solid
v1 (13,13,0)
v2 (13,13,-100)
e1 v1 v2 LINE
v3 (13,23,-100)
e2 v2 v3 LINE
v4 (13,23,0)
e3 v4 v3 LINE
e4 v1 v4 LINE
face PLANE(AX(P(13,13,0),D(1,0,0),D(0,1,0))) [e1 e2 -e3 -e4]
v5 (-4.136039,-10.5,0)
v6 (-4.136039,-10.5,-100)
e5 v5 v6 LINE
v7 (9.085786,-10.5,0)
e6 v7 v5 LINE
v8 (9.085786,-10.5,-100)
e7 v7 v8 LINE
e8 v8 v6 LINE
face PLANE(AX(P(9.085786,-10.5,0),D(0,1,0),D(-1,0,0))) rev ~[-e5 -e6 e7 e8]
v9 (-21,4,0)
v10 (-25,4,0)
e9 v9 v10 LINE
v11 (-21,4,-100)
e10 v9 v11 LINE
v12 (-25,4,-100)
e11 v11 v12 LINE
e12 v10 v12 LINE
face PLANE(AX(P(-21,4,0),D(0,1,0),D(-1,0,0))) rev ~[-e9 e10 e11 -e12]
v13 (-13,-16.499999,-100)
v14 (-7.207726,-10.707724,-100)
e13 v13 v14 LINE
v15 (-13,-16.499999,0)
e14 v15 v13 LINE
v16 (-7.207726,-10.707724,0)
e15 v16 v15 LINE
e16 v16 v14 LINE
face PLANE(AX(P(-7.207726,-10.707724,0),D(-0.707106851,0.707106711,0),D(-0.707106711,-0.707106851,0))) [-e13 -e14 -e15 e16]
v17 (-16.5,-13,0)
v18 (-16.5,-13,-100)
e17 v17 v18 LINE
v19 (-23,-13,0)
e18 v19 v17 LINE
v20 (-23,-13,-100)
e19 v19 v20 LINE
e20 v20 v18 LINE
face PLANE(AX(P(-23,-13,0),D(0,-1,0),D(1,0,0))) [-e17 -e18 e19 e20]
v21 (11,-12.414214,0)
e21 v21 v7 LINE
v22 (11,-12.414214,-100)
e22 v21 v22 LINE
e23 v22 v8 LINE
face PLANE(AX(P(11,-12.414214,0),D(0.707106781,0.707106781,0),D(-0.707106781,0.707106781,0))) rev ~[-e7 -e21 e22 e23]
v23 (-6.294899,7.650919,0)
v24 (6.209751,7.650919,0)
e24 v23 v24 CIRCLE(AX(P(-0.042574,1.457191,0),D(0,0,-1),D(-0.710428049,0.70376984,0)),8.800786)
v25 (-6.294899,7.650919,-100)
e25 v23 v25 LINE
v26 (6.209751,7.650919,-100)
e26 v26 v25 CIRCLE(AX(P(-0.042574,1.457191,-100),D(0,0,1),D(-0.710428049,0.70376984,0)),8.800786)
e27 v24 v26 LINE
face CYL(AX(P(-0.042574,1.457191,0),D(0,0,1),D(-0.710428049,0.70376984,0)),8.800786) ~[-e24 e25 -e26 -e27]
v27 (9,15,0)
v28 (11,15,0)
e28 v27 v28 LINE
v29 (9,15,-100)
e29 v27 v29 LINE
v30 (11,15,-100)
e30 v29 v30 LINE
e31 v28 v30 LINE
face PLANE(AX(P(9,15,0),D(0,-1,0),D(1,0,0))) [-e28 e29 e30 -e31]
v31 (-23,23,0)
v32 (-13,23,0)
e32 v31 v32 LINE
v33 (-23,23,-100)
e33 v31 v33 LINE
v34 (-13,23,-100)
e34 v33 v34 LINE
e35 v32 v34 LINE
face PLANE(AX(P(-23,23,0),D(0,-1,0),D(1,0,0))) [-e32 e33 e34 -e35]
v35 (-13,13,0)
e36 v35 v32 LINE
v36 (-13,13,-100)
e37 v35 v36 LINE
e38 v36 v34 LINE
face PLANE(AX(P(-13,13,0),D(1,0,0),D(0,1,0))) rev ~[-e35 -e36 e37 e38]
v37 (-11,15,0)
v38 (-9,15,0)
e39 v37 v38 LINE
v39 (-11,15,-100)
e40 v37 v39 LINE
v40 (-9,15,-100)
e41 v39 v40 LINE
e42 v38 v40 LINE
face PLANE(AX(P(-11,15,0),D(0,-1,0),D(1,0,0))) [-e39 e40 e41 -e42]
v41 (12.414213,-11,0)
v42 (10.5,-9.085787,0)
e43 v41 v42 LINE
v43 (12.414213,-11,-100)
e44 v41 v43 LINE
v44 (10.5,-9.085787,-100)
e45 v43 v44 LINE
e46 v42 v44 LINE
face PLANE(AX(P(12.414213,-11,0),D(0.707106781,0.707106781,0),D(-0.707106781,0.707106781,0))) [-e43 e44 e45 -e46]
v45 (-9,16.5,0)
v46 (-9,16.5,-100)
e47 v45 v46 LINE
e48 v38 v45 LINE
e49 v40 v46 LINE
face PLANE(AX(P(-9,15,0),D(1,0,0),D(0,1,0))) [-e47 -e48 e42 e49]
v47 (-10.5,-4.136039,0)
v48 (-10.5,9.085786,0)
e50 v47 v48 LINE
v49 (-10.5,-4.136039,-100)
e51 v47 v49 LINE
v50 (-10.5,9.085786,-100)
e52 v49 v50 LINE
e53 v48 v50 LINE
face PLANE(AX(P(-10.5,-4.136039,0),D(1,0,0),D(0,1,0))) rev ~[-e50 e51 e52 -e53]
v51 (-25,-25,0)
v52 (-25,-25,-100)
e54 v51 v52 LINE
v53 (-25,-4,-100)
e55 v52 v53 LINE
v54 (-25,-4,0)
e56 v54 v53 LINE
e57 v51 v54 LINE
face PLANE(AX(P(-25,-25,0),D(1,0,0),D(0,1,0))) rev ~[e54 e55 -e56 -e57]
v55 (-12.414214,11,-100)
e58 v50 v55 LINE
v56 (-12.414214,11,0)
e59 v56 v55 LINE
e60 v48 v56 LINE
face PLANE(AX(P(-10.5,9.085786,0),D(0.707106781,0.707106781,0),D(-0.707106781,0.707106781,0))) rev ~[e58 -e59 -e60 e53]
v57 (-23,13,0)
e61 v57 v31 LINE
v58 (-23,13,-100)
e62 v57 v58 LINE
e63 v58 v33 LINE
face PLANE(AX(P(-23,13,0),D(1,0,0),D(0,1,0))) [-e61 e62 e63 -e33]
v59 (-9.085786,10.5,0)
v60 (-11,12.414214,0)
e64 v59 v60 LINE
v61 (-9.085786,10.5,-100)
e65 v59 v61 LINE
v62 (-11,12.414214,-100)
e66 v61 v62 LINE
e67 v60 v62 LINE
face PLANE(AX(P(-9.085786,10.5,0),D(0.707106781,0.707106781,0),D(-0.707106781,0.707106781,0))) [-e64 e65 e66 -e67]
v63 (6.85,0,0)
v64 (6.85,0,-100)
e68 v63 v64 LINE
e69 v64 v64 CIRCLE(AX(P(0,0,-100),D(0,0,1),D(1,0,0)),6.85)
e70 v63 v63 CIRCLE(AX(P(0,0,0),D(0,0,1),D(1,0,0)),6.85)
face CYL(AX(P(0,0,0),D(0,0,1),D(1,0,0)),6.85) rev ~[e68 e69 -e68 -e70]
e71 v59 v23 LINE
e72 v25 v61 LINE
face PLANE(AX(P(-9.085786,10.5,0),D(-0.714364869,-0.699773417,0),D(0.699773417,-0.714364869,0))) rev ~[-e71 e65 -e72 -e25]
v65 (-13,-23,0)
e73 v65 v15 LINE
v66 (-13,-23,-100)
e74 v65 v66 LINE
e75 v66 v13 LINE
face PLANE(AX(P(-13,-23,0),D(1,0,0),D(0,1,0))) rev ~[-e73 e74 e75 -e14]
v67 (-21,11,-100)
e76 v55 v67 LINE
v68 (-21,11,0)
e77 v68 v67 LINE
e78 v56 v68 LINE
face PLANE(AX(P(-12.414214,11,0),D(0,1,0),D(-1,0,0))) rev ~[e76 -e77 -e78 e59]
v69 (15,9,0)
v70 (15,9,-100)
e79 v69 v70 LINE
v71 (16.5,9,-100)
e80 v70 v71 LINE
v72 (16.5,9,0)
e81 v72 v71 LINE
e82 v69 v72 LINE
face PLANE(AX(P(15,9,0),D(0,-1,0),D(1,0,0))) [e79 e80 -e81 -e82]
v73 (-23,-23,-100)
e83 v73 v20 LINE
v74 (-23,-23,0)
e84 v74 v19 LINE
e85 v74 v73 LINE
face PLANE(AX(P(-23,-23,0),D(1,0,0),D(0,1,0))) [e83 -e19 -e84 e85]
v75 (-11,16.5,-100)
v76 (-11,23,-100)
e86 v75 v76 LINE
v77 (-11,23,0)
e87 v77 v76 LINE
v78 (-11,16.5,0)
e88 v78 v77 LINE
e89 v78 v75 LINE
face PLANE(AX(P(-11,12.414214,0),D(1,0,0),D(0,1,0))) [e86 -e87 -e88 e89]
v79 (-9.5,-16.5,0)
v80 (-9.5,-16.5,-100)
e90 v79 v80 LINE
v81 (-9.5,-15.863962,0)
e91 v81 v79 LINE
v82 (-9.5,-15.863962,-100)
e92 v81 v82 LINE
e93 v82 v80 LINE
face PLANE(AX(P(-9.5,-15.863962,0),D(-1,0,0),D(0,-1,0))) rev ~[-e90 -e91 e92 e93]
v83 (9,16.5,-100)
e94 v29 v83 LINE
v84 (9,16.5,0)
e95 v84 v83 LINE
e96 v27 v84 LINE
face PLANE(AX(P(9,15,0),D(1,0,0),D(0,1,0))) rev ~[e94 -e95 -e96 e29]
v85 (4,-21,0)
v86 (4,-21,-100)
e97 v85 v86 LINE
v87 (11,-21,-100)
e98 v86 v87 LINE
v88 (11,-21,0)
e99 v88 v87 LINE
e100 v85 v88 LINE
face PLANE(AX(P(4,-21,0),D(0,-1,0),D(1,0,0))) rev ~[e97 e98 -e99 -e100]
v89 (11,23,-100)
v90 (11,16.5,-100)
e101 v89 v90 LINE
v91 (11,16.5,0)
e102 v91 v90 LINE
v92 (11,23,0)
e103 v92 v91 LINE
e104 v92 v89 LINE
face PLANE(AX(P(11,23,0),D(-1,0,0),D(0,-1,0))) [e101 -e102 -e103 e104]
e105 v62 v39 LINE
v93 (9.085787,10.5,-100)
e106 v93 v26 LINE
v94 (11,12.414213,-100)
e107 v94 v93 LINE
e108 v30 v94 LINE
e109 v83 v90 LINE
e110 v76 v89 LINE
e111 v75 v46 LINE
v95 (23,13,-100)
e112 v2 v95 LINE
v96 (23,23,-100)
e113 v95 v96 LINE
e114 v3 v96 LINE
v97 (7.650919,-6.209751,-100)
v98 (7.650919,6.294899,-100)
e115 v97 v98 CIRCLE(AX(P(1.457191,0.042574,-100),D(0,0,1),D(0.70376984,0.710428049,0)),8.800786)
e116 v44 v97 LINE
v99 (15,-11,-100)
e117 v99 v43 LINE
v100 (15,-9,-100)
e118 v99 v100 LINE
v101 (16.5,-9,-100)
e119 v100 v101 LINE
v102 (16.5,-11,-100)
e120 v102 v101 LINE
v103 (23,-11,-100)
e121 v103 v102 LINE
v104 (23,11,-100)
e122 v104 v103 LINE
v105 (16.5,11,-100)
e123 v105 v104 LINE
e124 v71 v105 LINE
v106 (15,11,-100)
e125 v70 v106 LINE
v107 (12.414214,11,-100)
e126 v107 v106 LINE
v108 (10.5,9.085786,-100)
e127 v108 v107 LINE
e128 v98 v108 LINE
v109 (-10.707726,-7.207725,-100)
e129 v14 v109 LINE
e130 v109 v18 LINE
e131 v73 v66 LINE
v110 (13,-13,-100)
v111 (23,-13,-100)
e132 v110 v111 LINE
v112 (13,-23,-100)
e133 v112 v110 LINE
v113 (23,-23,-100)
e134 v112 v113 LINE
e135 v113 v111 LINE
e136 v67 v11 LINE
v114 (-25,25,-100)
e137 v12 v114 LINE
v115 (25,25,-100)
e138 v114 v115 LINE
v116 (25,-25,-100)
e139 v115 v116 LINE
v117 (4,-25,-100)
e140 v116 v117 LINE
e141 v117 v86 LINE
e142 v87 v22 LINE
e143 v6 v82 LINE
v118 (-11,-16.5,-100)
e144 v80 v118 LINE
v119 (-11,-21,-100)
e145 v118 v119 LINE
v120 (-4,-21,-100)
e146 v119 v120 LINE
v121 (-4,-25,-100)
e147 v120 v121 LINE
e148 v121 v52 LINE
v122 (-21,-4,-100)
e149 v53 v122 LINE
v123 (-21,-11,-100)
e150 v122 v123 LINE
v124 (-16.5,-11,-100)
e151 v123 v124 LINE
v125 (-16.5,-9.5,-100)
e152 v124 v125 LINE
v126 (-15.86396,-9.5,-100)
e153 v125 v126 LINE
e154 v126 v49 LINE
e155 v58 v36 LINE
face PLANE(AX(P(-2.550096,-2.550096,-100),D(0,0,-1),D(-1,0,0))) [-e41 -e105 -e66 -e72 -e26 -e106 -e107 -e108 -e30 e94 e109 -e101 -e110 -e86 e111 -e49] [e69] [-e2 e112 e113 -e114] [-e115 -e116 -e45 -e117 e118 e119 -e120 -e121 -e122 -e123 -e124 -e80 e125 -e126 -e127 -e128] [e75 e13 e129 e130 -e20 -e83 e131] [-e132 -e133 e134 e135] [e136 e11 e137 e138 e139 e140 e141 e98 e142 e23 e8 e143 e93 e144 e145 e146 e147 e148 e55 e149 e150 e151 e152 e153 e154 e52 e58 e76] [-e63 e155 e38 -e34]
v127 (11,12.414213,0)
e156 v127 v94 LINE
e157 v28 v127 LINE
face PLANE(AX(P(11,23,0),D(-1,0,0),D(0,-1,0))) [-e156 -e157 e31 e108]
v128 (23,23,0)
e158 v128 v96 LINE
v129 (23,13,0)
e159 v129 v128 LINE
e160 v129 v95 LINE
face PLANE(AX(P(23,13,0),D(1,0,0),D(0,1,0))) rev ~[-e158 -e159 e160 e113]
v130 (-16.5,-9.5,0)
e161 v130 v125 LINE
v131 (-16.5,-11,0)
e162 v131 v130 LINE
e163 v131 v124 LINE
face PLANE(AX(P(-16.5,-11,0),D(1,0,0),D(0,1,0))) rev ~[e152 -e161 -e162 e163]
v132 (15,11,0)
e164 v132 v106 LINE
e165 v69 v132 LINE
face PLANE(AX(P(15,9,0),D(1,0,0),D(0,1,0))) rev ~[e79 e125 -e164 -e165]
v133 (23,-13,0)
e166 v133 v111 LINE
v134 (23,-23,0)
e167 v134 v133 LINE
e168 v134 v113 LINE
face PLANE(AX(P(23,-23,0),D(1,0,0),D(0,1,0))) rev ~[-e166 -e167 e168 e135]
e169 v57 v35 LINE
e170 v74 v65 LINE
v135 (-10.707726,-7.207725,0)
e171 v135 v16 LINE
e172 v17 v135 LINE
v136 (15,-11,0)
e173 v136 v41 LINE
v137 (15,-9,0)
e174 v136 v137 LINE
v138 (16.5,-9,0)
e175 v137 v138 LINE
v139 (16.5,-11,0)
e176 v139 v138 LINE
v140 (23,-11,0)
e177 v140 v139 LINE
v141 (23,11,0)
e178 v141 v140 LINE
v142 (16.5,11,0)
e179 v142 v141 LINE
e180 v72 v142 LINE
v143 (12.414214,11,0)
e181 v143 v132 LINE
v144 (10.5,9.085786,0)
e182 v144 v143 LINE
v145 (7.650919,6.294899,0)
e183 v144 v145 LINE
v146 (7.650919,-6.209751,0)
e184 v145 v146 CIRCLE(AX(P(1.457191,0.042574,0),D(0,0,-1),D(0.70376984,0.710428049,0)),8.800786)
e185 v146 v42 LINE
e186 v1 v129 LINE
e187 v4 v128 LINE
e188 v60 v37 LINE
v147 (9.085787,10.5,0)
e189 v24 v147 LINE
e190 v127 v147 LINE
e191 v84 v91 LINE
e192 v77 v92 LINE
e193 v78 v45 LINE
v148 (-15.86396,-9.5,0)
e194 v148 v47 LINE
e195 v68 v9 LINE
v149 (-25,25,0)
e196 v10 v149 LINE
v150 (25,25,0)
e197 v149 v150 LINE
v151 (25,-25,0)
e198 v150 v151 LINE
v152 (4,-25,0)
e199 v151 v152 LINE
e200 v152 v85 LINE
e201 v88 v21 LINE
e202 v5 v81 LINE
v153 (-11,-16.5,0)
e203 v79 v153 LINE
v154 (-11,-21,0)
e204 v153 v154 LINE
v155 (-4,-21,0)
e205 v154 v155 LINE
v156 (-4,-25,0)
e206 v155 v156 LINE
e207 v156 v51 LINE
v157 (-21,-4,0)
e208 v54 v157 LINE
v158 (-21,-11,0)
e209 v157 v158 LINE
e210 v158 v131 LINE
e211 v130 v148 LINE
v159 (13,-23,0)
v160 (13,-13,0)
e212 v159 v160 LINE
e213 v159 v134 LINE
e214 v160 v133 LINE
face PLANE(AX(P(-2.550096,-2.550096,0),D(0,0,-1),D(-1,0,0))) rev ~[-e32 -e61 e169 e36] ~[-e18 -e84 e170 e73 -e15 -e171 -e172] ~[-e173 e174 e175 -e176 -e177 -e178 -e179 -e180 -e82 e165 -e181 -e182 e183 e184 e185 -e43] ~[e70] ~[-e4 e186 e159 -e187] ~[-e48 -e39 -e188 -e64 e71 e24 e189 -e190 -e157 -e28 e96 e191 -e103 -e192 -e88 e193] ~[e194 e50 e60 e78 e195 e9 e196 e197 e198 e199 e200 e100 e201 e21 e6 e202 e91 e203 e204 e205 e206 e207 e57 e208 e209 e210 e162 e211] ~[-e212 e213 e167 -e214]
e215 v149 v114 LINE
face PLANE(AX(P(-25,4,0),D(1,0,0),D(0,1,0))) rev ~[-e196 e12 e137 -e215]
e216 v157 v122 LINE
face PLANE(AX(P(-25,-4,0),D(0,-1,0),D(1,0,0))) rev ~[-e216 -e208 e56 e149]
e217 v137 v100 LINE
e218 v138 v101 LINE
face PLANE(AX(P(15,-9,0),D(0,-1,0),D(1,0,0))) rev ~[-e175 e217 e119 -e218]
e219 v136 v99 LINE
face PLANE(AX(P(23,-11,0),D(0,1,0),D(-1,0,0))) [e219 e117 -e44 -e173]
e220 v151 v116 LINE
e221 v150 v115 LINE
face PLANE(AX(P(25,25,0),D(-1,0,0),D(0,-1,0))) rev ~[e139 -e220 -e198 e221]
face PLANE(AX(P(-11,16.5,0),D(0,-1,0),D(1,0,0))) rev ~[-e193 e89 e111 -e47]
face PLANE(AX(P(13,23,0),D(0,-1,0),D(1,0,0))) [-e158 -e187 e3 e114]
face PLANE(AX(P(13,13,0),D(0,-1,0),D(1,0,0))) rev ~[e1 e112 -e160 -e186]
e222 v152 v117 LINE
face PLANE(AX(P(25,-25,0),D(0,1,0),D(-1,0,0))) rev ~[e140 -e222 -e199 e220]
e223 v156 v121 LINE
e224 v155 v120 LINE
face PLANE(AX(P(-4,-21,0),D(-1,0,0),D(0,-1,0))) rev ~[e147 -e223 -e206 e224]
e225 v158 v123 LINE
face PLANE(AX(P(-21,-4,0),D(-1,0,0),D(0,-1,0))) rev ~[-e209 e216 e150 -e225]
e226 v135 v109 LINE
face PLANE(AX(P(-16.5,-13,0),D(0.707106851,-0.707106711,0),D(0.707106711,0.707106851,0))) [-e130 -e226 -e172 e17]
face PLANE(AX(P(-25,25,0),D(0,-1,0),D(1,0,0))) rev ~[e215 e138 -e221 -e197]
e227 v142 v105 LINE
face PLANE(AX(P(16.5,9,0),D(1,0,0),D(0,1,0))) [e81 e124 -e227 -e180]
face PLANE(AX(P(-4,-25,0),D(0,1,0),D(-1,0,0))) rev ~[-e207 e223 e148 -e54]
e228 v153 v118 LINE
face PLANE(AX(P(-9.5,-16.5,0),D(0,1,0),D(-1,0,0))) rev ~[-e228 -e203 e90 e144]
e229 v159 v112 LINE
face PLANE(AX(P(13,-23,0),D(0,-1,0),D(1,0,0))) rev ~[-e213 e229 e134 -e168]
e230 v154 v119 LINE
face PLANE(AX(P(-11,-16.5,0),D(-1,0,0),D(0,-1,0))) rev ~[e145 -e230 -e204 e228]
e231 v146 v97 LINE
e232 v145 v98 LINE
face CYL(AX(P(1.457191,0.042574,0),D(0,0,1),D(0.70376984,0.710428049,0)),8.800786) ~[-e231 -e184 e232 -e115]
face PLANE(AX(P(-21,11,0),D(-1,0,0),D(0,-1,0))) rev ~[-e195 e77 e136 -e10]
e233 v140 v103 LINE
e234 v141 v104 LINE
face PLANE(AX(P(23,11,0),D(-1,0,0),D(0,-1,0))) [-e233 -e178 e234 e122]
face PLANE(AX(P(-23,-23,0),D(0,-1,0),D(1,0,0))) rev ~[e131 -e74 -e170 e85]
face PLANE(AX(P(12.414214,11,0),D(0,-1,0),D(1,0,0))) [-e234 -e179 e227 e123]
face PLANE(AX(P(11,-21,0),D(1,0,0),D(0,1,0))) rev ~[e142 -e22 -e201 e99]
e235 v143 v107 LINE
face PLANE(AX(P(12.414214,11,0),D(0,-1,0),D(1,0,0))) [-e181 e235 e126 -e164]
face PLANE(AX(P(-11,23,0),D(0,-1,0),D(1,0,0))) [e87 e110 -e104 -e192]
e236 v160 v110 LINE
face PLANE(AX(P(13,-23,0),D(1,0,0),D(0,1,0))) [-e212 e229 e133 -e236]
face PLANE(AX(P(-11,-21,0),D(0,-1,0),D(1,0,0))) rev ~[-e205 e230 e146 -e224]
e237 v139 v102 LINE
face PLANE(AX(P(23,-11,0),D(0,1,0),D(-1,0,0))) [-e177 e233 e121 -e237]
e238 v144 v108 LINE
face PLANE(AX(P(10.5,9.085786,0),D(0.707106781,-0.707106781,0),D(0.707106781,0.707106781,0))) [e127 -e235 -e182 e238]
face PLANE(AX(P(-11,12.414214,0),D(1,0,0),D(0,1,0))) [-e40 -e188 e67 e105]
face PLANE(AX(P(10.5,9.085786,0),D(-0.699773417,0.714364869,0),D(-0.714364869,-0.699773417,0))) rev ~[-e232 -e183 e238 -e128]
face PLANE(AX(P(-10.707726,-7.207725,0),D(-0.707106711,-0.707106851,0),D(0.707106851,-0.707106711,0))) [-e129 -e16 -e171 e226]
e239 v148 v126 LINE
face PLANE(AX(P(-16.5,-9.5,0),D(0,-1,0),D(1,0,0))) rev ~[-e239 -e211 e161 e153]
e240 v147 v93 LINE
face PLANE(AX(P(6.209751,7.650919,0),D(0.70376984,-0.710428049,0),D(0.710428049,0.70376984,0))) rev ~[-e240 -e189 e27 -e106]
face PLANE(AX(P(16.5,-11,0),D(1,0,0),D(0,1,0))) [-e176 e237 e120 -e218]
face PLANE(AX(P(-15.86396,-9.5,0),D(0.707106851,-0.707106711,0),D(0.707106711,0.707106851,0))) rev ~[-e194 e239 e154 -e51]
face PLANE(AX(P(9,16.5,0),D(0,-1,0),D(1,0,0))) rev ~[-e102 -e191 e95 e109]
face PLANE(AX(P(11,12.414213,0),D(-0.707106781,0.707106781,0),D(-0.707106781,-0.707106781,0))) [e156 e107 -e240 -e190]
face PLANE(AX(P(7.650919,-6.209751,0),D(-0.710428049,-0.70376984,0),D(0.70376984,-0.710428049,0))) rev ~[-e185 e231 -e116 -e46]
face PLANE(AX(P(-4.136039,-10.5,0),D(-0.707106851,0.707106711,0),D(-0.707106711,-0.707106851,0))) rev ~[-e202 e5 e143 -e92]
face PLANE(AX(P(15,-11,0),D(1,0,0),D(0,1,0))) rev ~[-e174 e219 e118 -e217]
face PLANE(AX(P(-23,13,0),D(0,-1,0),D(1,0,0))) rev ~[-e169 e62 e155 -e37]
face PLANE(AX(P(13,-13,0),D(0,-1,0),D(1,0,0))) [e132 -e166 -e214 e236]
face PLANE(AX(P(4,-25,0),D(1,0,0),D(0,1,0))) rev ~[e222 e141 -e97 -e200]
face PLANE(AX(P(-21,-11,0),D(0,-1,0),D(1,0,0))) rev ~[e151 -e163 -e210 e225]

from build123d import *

# Parameters (mm, degrees)
SKETCH_A01_7_R     = 6.85
SKETCH_A01_7_W     = 10
SKETCH_A01_7_H     = 10
EXTRUDE1_DEPTH     = 100
CUT_EXTRUDE1_DEPTH = 101
CUT_EXTRUDE2_DEPTH = 101
CIRPATTERN2_COUNT  = 2
CIRPATTERN2_ANGLE  = 270
SKETCH3_W          = 2
SKETCH3_H          = 1.5
EXTRUDE3_DEPTH     = 100
SKETCH4_W          = 1.5
SKETCH4_H          = 2
EXTRUDE4_DEPTH     = 100


with BuildPart() as part:
    # Sketch A01-7 → Extrude1 (new body)
    with BuildSketch(Plane.XY):
        Polygon((-16.5, -11), (-16.5, -9.5), (-15.863959988, -9.5), (-10.5, -4.136038954), (-10.5, 9.085786), (-12.414214, 11), (-21, 11), (-21, 4), (-25, 4), (-25, 25), (25, 25), (25, -25), (4, -25), (4, -21), (11, -21), (11, -12.414214), (9.085786, -10.5), (-4.136039046, -10.5), (-9.5, -15.863962012), (-9.5, -16.5), (-11, -16.5), (-11, -21), (-4, -21), (-4, -25), (-25, -25), (-25, -4), (-21, -4), (-21, -11), align=None)
        Circle(SKETCH_A01_7_R, mode=Mode.SUBTRACT)
        Polygon((12.414213, -11), (10.500000477, -9.085787477), (10.500000477, 9.085786477), (12.414214, 11), (23, 11), (23, -11), align=None, mode=Mode.SUBTRACT)
        Polygon((11, 12.414213), (9.085787477, 10.500000477), (-9.085786477, 10.500000477), (-11, 12.414214), (-11, 23), (11, 23), align=None, mode=Mode.SUBTRACT)
        with Locations((-18, -18)):
            Rectangle(SKETCH_A01_7_W, SKETCH_A01_7_H, mode=Mode.SUBTRACT)
        with Locations((18, -18)):
            Rectangle(SKETCH_A01_7_W, SKETCH_A01_7_H, mode=Mode.SUBTRACT)
        with Locations((-18, 18)):
            Rectangle(SKETCH_A01_7_W, SKETCH_A01_7_H, mode=Mode.SUBTRACT)
        with Locations((18, 18)):
            Rectangle(SKETCH_A01_7_W, SKETCH_A01_7_H, mode=Mode.SUBTRACT)
    extrude(amount=-EXTRUDE1_DEPTH)

    # Sketch1 → Cut-Extrude1 (cut, through all)
    with BuildSketch(Plane.XY):
        Polygon((-16.5, -13), (-10.707726017, -7.207724875), (-7.207726017, -10.707724185), (-13, -16.49999931), align=None)
    extrude(amount=-CUT_EXTRUDE1_DEPTH, mode=Mode.SUBTRACT)

    # Sketch2 → Cut-Extrude2 (cut, through all)
    with BuildSketch(Plane.XY):
        with BuildLine():
            Line((-9.085786477, 10.500000477), (-6.294899419, 7.650918733))
            ThreePointArc((-6.294899419, 7.650918733), (-0.042574105, 10.257977016), (6.209751208, 7.650918733))
            Line((6.209751208, 7.650918733), (9.085787477, 10.500000477))
            Line((9.085787477, 10.500000477), (-9.085786477, 10.500000477))
        make_face()
    cut_extrude2 = extrude(amount=-CUT_EXTRUDE2_DEPTH, mode=Mode.SUBTRACT)

    # CirPattern2: Cut-Extrude2 ×2 about axis
    cirpattern2_axis = Axis((0, 0, 0), (0, 0, 1))
    for i in range(1, CIRPATTERN2_COUNT):
        add(cut_extrude2.rotate(cirpattern2_axis, i * CIRPATTERN2_ANGLE / (CIRPATTERN2_COUNT - 1)), mode=Mode.SUBTRACT)

    # Sketch3 → Extrude3 (add, through all)
    with BuildSketch(Plane.XY):
        with Locations((-10, 15.75)):
            Rectangle(SKETCH3_W, SKETCH3_H)
        with Locations((10, 15.75)):
            Rectangle(SKETCH3_W, SKETCH3_H)
    extrude(amount=-EXTRUDE3_DEPTH)

    # Sketch4 → Extrude4 (add, through all)
    with BuildSketch(Plane.XY):
        with Locations((15.75, 10)):
            Rectangle(SKETCH4_W, SKETCH4_H)
        with Locations((15.75, -10)):
            Rectangle(SKETCH4_W, SKETCH4_H)
    extrude(amount=-EXTRUDE4_DEPTH)


solid = part.part
